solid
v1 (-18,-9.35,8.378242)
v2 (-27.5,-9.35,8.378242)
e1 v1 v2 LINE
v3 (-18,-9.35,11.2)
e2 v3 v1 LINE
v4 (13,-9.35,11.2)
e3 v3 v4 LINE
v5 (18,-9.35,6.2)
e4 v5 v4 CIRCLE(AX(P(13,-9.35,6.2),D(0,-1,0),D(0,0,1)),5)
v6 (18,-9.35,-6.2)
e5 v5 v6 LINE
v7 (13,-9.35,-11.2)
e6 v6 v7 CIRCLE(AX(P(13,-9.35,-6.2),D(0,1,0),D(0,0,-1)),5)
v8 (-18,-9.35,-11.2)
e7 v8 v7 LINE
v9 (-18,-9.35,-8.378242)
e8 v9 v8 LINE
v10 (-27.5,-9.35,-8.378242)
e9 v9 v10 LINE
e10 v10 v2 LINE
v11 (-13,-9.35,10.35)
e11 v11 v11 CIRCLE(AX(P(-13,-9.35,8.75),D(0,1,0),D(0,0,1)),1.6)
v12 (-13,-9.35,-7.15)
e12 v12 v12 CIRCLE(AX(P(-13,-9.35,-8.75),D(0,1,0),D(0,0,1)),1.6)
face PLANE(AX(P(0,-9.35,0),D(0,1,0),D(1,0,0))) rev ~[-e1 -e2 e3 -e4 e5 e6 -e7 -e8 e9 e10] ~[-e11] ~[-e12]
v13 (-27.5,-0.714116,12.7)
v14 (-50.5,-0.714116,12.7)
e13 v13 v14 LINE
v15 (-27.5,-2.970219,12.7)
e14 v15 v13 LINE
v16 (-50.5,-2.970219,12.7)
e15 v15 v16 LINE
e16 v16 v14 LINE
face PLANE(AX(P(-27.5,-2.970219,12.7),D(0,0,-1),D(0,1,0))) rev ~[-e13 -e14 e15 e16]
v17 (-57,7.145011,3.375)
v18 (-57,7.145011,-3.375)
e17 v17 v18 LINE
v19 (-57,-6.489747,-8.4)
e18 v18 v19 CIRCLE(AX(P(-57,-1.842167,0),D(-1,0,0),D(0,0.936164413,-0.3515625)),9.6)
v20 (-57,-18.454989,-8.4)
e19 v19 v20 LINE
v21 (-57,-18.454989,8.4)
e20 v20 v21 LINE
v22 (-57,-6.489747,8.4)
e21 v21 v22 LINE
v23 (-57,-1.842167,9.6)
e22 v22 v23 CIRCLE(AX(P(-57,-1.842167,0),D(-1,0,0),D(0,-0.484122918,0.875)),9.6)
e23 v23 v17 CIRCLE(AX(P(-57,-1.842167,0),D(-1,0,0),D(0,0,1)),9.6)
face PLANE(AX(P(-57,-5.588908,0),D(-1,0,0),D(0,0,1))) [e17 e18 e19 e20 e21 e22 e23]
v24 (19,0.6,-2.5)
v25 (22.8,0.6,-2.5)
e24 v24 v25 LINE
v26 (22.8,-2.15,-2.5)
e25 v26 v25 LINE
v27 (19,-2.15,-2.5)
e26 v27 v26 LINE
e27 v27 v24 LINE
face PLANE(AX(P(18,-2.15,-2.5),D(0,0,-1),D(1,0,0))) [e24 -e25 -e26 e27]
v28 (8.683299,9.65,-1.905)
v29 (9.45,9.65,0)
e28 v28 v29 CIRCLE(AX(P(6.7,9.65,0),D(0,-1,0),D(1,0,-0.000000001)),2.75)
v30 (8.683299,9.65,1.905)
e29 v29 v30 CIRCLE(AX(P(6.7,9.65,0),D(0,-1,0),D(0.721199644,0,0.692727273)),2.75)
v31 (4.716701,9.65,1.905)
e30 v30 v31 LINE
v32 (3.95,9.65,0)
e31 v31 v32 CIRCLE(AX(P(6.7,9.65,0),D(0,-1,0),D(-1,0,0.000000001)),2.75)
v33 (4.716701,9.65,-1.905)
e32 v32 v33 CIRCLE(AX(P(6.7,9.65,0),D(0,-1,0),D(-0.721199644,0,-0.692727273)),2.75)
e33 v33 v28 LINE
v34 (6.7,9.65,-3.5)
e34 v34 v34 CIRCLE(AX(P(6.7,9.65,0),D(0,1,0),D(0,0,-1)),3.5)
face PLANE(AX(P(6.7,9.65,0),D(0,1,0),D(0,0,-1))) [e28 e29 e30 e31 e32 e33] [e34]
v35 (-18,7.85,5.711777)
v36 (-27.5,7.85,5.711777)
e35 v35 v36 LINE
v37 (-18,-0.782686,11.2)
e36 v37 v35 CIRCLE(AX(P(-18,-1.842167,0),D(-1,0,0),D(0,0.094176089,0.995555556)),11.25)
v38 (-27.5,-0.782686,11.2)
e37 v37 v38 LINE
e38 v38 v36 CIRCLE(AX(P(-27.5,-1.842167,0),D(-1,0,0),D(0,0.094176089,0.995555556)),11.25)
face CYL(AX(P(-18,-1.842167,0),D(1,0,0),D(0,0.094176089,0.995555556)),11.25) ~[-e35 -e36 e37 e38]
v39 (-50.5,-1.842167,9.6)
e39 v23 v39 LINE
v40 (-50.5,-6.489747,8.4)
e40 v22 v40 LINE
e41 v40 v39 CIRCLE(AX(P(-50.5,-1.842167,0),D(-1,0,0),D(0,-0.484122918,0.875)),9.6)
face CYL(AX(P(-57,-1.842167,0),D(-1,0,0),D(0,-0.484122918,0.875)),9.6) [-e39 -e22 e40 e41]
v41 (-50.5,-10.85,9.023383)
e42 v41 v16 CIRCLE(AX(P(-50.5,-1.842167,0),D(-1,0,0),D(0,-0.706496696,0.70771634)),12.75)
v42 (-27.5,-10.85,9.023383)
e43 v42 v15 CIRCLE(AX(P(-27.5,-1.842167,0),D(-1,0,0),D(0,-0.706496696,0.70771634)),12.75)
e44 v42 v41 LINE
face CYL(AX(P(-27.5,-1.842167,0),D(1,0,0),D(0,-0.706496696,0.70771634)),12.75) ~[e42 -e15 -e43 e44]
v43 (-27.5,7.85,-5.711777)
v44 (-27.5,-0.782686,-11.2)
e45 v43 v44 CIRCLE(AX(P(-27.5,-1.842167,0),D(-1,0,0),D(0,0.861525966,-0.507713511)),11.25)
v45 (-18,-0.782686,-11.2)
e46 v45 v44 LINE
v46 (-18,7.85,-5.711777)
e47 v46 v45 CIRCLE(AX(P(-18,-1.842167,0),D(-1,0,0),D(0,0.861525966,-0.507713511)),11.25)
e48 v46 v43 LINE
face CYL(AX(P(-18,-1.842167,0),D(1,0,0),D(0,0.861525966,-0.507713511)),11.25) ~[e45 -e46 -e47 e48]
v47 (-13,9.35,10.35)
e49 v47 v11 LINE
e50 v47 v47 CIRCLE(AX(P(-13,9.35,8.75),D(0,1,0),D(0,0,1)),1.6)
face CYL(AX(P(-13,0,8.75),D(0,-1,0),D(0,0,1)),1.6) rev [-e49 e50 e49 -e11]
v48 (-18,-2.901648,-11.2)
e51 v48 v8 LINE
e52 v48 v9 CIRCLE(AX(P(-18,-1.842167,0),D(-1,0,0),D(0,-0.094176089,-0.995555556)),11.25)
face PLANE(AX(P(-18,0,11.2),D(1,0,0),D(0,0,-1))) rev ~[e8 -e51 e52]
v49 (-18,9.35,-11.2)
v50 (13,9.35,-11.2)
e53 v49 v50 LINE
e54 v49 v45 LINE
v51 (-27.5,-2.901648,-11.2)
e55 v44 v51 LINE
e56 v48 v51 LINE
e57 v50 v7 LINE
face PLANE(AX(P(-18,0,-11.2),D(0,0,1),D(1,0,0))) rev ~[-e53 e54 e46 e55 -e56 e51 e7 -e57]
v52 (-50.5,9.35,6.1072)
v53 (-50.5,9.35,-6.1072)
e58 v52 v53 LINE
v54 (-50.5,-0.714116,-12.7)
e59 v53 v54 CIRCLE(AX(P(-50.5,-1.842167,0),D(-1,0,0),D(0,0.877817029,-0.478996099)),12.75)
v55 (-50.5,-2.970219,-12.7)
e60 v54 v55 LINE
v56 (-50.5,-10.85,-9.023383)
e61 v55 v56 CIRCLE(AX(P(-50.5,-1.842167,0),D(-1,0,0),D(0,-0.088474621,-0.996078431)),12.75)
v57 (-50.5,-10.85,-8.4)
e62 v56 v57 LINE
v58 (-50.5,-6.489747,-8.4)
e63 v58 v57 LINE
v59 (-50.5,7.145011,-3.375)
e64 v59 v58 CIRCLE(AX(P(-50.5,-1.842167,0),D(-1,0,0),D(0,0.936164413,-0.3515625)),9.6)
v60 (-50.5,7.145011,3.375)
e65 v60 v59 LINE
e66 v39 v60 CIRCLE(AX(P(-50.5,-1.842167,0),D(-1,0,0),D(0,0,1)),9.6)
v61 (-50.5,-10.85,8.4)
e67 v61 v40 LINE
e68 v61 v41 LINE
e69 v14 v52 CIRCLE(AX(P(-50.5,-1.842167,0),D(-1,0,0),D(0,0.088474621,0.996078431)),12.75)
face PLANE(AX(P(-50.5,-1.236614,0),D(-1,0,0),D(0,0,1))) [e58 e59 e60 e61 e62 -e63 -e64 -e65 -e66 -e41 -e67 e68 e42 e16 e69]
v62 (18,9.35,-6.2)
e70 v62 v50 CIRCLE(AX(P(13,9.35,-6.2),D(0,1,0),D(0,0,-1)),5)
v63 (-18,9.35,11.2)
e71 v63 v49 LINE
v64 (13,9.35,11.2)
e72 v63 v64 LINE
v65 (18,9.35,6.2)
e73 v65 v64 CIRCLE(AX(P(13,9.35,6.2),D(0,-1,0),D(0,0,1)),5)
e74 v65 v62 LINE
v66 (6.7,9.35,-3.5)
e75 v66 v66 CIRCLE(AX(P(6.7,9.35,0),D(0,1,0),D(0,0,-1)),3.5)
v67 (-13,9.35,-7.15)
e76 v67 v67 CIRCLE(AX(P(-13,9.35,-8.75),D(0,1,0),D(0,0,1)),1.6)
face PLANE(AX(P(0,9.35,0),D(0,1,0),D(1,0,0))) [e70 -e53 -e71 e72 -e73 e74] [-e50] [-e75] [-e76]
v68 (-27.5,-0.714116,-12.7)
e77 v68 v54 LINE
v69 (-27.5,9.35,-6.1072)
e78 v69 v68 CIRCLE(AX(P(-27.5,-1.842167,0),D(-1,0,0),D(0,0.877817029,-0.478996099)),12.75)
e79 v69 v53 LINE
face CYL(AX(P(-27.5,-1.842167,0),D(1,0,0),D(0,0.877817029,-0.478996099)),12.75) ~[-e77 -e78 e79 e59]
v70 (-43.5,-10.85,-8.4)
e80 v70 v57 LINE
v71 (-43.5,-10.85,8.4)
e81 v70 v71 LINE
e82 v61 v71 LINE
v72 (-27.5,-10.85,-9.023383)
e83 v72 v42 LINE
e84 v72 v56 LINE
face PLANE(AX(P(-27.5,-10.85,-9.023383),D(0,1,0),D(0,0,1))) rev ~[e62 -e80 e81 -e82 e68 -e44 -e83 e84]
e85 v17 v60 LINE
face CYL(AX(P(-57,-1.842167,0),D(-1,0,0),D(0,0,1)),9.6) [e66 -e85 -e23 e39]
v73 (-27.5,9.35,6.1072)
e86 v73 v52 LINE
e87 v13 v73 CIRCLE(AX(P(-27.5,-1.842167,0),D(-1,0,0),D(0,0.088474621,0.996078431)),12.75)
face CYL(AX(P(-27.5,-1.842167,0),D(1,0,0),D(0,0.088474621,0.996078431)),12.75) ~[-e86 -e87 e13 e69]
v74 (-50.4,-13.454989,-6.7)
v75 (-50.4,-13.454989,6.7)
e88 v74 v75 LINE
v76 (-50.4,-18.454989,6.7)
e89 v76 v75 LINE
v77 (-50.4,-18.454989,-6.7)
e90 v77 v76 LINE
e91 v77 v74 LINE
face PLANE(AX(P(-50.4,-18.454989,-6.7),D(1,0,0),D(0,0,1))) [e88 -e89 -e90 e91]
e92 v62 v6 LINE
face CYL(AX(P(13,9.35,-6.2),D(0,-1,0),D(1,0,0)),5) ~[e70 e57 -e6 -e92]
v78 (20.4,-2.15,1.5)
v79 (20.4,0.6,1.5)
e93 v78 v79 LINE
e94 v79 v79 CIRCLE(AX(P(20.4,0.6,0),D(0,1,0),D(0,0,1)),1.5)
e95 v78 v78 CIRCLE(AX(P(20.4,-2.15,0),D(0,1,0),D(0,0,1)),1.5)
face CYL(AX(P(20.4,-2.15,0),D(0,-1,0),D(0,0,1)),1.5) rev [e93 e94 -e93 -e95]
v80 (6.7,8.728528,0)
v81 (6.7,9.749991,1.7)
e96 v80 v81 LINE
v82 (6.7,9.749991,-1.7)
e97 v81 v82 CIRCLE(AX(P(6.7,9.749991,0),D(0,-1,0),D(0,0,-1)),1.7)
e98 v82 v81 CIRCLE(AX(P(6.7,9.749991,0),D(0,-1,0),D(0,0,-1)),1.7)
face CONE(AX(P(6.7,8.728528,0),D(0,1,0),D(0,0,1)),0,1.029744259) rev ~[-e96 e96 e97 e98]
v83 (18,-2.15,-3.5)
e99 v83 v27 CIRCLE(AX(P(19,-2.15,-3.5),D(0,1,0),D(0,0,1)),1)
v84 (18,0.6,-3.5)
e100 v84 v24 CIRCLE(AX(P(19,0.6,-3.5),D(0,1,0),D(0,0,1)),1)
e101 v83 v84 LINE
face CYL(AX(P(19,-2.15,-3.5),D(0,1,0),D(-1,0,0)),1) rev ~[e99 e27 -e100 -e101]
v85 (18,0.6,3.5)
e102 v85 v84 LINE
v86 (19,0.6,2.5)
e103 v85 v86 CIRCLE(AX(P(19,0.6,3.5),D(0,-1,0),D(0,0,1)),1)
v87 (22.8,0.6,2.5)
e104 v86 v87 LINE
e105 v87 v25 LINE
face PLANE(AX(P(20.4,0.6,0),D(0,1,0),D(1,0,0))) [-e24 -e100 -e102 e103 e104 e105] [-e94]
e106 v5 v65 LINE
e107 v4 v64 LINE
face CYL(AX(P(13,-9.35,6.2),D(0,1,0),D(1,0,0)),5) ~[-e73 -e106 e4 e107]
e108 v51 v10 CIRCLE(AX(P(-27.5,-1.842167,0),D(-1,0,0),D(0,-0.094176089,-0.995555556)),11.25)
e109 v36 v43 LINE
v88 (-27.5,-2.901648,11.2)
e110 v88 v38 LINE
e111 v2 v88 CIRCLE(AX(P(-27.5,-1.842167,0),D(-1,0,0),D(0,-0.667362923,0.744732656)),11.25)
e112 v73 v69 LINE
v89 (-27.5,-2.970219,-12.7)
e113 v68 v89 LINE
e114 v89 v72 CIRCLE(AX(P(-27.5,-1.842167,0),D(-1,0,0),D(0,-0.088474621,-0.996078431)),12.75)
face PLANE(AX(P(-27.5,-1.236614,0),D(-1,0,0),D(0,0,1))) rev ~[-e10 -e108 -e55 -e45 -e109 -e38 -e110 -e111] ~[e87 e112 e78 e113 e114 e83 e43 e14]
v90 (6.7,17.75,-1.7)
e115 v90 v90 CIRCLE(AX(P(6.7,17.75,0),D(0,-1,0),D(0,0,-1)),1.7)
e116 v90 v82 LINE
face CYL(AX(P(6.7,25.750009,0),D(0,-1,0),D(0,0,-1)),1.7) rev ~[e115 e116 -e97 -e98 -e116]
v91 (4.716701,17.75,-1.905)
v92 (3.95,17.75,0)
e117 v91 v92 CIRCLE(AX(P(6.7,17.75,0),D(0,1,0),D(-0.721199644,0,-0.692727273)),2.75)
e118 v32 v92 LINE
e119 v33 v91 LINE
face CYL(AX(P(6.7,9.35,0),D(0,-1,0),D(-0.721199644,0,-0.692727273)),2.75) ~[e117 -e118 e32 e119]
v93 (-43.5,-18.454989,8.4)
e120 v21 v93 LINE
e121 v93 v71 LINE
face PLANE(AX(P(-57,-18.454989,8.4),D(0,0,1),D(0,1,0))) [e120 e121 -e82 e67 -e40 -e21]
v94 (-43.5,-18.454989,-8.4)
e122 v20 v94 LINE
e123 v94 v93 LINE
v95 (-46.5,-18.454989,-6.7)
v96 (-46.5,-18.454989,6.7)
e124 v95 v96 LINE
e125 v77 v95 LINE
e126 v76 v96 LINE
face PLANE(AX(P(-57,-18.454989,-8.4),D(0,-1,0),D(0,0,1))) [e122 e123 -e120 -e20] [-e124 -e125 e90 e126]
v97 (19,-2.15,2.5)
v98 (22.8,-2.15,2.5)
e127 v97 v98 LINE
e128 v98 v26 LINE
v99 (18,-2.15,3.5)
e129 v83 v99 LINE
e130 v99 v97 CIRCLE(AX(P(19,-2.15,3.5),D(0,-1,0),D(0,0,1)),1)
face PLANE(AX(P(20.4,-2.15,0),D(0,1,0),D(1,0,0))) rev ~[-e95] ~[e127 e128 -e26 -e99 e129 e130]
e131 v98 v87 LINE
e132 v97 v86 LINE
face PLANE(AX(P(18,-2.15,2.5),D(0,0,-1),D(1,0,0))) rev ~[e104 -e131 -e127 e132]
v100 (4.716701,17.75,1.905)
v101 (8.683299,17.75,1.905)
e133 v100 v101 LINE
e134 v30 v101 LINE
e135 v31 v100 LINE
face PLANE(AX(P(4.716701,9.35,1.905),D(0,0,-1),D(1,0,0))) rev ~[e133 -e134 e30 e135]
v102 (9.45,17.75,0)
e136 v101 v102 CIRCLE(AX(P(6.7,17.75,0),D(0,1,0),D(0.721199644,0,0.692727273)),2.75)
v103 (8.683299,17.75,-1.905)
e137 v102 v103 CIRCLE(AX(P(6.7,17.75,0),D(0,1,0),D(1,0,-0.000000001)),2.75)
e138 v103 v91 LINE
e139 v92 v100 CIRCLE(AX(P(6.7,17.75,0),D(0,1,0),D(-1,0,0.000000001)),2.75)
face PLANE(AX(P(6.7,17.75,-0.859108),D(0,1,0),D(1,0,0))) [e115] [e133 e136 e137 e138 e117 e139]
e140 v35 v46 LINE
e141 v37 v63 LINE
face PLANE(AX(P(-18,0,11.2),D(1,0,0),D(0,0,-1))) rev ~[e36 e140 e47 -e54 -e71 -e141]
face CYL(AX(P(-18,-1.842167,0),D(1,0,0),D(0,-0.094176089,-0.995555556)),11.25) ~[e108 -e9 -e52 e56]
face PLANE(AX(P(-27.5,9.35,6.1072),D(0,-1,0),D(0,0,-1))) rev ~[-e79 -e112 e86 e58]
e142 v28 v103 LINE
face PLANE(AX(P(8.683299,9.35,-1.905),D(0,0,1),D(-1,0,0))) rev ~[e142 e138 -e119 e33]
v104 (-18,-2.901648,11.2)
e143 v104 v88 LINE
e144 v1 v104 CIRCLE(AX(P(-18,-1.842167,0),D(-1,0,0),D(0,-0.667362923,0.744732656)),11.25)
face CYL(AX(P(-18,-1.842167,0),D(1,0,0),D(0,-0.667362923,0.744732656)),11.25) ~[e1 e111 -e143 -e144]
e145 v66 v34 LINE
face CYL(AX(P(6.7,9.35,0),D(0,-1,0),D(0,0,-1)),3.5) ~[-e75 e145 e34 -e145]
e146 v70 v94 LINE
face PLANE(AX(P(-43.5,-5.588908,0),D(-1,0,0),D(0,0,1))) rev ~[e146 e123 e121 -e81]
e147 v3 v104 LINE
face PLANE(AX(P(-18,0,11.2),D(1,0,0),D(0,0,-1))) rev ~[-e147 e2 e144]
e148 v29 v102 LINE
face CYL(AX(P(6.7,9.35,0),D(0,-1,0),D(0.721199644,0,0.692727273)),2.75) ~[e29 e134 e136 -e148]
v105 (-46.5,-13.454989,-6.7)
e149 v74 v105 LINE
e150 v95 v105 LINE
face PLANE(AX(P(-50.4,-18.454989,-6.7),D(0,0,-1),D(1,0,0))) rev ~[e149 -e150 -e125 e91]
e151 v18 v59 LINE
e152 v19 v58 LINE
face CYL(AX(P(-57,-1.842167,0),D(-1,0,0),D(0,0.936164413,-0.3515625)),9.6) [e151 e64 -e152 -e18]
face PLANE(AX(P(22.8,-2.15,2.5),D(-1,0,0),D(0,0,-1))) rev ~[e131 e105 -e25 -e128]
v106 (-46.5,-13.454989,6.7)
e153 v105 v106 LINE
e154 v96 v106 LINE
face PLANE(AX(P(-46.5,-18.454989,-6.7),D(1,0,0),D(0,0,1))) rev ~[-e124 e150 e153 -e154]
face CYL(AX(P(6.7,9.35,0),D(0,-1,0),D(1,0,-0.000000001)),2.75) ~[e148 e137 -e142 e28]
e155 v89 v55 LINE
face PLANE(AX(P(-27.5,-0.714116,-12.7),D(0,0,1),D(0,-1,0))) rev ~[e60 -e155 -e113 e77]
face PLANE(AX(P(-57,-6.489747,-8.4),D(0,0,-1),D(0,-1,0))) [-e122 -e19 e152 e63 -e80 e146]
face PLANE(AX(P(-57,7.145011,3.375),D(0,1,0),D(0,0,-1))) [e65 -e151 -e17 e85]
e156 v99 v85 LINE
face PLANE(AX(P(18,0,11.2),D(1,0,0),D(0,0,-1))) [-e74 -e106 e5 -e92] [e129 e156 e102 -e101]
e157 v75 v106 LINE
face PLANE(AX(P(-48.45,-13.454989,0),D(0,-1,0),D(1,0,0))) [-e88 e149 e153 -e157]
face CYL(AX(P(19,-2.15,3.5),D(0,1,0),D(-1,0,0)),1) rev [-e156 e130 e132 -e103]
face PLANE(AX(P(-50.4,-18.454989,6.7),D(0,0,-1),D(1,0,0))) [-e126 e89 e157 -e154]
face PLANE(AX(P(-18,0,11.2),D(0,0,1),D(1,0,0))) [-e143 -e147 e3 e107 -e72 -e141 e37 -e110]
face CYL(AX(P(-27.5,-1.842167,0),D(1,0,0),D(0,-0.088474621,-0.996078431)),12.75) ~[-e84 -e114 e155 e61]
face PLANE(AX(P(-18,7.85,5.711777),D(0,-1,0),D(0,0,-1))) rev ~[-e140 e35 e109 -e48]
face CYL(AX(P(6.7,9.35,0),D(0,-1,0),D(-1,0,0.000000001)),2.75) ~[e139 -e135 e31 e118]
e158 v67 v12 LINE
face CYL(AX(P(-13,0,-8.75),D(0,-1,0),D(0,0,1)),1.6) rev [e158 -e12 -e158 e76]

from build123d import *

# Parameters (mm, degrees)
SKETCH1_W                = 36
SKETCH1_H                = 22.4
SKETCH1_R                = 1.6
BOSS_EXTRUDE1_DEPTH      = 9.35
FILLET1_R                = 5
SKETCH2_R                = 3.5
BOSS_EXTRUDE2_DEPTH      = 0.3
BOSS_EXTRUDE4_START      = -0.3
BOSS_EXTRUDE4_DEPTH      = 8.4
M3_CLEARANCE_HOLE1_D     = 3.4
M3_CLEARANCE_HOLE1_DEPTH = 8.0000094
M3_CLEARANCE_HOLE1_TIP   = 1.021463052
BOSS_EXTRUDE5_DEPTH      = 9.5
BOSS_EXTRUDE6_DEPTH      = 23
BOSS_EXTRUDE7_DEPTH      = 13.5
SKETCH11_W               = 3.9
SKETCH11_H               = 13.4
CUT_EXTRUDE1_DEPTH       = 5
SKETCH13_W               = 4.8
SKETCH13_H               = 5
SKETCH13_R               = 1.5
BOSS_EXTRUDE8_DEPTH      = 2.75
FILLET2_R                = 1


with BuildPart() as part:
    # Sketch1 → Boss-Extrude1 (new, symmetric)
    with BuildSketch(Plane(origin=(0, 0, 0), x_dir=(1, 0, 0), z_dir=(0, 1, 0))):
        Rectangle(SKETCH1_W, SKETCH1_H)
        with Locations(Location((-13, 8.75, 0), (0, 0, 270))):
            Circle(SKETCH1_R, mode=Mode.SUBTRACT)
        with Locations(Location((-13, -8.75, 0), (0, 0, 270))):
            Circle(SKETCH1_R, mode=Mode.SUBTRACT)
    extrude(amount=BOSS_EXTRUDE1_DEPTH, both=True)

    # Fillet1
    fillet1_edges = [part.edges().sort_by_distance(p)[0] for p in [
        (18, 0, 11.2),
        (18, 0, -11.2),
    ]]
    fillet(fillet1_edges, radius=FILLET1_R)

    # Sketch2 → Boss-Extrude2 (add)
    with BuildSketch(Plane(origin=(0, 9.35, 0), x_dir=(1, 0, 0), z_dir=(0, 1, 0))):
        with Locations(Location((6.7, 0, 0), (0, 0, 90))):
            Circle(SKETCH2_R)
    extrude(amount=BOSS_EXTRUDE2_DEPTH)

    # Sketch3 → Boss-Extrude4 (add)
    with BuildSketch(Plane(origin=(0, 9.65, 0), x_dir=(1, 0, 0), z_dir=(0, 1, 0)).offset(BOSS_EXTRUDE4_START)):
        with BuildLine():
            ThreePointArc((4.716700981, 1.905), (4.148865713, 1.026749165), (3.95, 0))
            Line((3.95, 0), (9.45, 0))
            ThreePointArc((9.45, 0), (9.251134287, 1.026749165), (8.683299019, 1.905))
            Line((8.683299019, 1.905), (4.716700981, 1.905))
        make_face()
        with BuildLine():
            Line((9.45, 0), (3.95, 0))
            ThreePointArc((3.95, 0), (4.148865713, -1.026749165), (4.716700981, -1.905))
            Line((4.716700981, -1.905), (8.683299019, -1.905))
            ThreePointArc((8.683299019, -1.905), (9.251134287, -1.026749165), (9.45, 0))
        make_face()
    extrude(amount=BOSS_EXTRUDE4_DEPTH)

    # M3 Clearance Hole1
    with Locations(Plane(origin=(6.7, 17.75, 0), x_dir=(0, 0, 1), z_dir=(0, 1, 0))):
        with Locations((0, 0)):
            Hole(M3_CLEARANCE_HOLE1_D / 2, depth=M3_CLEARANCE_HOLE1_DEPTH)
            with Locations((0, 0, -(M3_CLEARANCE_HOLE1_DEPTH + M3_CLEARANCE_HOLE1_TIP / 2))):  # 118° drill point
                Cone(0, M3_CLEARANCE_HOLE1_D / 2, M3_CLEARANCE_HOLE1_TIP, mode=Mode.SUBTRACT)

    # Sketch7 → Boss-Extrude5 (add)
    with BuildSketch(Plane.ZY.offset(18)):
        with BuildLine():
            ThreePointArc((-11.2, -2.901648127), (-10.306415682, -6.352188829), (-8.378242386, -9.35))
            Line((-8.378242386, -9.35), (8.378242386, -9.35))
            ThreePointArc((8.378242386, -9.35), (10.306415682, -6.352188829), (11.2, -2.901648127))
            Line((11.2, -2.901648127), (11.2, -0.782686117))
            ThreePointArc((11.2, -0.782686117), (9.493833141, 4.193529382), (5.711776998, 7.85))
            Line((5.711776998, 7.85), (-5.711776998, 7.85))
            ThreePointArc((-5.711776998, 7.85), (-9.493833141, 4.193529382), (-11.2, -0.782686117))
            Line((-11.2, -0.782686117), (-11.2, -2.901648127))
        make_face()
    extrude(amount=BOSS_EXTRUDE5_DEPTH)

    # Sketch8 → Boss-Extrude6 (add)
    with BuildSketch(Plane.ZY.offset(27.5)):
        with BuildLine():
            Line((12.7, -2.97021854), (12.7, -0.714115705))
            ThreePointArc((12.7, -0.714115705), (10.665331767, 5.144477158), (6.107200268, 9.35))
            Line((6.107200268, 9.35), (-6.107200268, 9.35))
            ThreePointArc((-6.107200268, 9.35), (-10.665331767, 5.144477158), (-12.7, -0.714115705))
            Line((-12.7, -0.714115705), (-12.7, -2.97021854))
            ThreePointArc((-12.7, -2.97021854), (-11.554180407, -7.233216661), (-9.023383337, -10.85))
            Line((-9.023383337, -10.85), (9.023383337, -10.85))
            ThreePointArc((9.023383337, -10.85), (11.554180407, -7.233216661), (12.7, -2.97021854))
        make_face()
    extrude(amount=BOSS_EXTRUDE6_DEPTH)

    # Sketch9 → Boss-Extrude7 (add)
    with BuildSketch(Plane.ZY.offset(57.000000114)):
        with BuildLine():
            Line((-8.4, -1.842167122), (-8.4, -6.489747138))
            ThreePointArc((-8.4, -6.489747138), (0, -11.442167122), (8.4, -6.489747138))
            Line((8.4, -6.489747138), (8.4, -1.842167122))
            Line((8.4, -1.842167122), (-8.4, -1.842167122))
        make_face()
        with BuildLine():
            ThreePointArc((8.4, -6.489747138), (0, -11.442167122), (-8.4, -6.489747138))
            Line((-8.4, -6.489747138), (-8.4, -18.454988755))
            Line((-8.4, -18.454988755), (8.4, -18.454988755))
            Line((8.4, -18.454988755), (8.4, -6.489747138))
        make_face()
        with BuildLine():
            Line((3.375, 7.145011245), (-3.375, 7.145011245))
            ThreePointArc((-3.375, 7.145011245), (-9.007736413, 1.477574541), (-8.4, -6.489747138))
            Line((-8.4, -6.489747138), (-8.4, -1.842167122))
            Line((-8.4, -1.842167122), (8.4, -1.842167122))
            Line((8.4, -1.842167122), (8.4, -6.489747138))
            ThreePointArc((8.4, -6.489747138), (9.295160031, -4.242167122), (9.6, -1.842167122))
            ThreePointArc((9.6, -1.842167122), (7.891767863, 3.624093025), (3.375, 7.145011245))
        make_face()
    extrude(amount=-BOSS_EXTRUDE7_DEPTH)

    # Sketch11 → Cut-Extrude1 (cut)
    with BuildSketch(Plane.XZ.offset(18.454988755)):
        with Locations((-48.450000114, 0)):
            Rectangle(SKETCH11_W, SKETCH11_H)
    extrude(amount=-CUT_EXTRUDE1_DEPTH, mode=Mode.SUBTRACT)

    # Sketch13 → Boss-Extrude8 (add)
    with BuildSketch(Plane(origin=(0, -2.149999922, 0), x_dir=(1, 0, 0), z_dir=(0, 1, 0))):
        with Locations((20.4, 0)):
            Rectangle(SKETCH13_W, SKETCH13_H)
        with Locations(Location((20.4, 0, 0), (0, 0, 270))):
            Circle(SKETCH13_R, mode=Mode.SUBTRACT)
    extrude(amount=BOSS_EXTRUDE8_DEPTH)

    # Fillet2
    fillet2_edges = [part.edges().sort_by_distance(p)[0] for p in [
        (18, -0.774999922, -2.5),
        (18, -0.774999922, 2.5),
    ]]
    fillet(fillet2_edges, radius=FILLET2_R)


solid = part.part
